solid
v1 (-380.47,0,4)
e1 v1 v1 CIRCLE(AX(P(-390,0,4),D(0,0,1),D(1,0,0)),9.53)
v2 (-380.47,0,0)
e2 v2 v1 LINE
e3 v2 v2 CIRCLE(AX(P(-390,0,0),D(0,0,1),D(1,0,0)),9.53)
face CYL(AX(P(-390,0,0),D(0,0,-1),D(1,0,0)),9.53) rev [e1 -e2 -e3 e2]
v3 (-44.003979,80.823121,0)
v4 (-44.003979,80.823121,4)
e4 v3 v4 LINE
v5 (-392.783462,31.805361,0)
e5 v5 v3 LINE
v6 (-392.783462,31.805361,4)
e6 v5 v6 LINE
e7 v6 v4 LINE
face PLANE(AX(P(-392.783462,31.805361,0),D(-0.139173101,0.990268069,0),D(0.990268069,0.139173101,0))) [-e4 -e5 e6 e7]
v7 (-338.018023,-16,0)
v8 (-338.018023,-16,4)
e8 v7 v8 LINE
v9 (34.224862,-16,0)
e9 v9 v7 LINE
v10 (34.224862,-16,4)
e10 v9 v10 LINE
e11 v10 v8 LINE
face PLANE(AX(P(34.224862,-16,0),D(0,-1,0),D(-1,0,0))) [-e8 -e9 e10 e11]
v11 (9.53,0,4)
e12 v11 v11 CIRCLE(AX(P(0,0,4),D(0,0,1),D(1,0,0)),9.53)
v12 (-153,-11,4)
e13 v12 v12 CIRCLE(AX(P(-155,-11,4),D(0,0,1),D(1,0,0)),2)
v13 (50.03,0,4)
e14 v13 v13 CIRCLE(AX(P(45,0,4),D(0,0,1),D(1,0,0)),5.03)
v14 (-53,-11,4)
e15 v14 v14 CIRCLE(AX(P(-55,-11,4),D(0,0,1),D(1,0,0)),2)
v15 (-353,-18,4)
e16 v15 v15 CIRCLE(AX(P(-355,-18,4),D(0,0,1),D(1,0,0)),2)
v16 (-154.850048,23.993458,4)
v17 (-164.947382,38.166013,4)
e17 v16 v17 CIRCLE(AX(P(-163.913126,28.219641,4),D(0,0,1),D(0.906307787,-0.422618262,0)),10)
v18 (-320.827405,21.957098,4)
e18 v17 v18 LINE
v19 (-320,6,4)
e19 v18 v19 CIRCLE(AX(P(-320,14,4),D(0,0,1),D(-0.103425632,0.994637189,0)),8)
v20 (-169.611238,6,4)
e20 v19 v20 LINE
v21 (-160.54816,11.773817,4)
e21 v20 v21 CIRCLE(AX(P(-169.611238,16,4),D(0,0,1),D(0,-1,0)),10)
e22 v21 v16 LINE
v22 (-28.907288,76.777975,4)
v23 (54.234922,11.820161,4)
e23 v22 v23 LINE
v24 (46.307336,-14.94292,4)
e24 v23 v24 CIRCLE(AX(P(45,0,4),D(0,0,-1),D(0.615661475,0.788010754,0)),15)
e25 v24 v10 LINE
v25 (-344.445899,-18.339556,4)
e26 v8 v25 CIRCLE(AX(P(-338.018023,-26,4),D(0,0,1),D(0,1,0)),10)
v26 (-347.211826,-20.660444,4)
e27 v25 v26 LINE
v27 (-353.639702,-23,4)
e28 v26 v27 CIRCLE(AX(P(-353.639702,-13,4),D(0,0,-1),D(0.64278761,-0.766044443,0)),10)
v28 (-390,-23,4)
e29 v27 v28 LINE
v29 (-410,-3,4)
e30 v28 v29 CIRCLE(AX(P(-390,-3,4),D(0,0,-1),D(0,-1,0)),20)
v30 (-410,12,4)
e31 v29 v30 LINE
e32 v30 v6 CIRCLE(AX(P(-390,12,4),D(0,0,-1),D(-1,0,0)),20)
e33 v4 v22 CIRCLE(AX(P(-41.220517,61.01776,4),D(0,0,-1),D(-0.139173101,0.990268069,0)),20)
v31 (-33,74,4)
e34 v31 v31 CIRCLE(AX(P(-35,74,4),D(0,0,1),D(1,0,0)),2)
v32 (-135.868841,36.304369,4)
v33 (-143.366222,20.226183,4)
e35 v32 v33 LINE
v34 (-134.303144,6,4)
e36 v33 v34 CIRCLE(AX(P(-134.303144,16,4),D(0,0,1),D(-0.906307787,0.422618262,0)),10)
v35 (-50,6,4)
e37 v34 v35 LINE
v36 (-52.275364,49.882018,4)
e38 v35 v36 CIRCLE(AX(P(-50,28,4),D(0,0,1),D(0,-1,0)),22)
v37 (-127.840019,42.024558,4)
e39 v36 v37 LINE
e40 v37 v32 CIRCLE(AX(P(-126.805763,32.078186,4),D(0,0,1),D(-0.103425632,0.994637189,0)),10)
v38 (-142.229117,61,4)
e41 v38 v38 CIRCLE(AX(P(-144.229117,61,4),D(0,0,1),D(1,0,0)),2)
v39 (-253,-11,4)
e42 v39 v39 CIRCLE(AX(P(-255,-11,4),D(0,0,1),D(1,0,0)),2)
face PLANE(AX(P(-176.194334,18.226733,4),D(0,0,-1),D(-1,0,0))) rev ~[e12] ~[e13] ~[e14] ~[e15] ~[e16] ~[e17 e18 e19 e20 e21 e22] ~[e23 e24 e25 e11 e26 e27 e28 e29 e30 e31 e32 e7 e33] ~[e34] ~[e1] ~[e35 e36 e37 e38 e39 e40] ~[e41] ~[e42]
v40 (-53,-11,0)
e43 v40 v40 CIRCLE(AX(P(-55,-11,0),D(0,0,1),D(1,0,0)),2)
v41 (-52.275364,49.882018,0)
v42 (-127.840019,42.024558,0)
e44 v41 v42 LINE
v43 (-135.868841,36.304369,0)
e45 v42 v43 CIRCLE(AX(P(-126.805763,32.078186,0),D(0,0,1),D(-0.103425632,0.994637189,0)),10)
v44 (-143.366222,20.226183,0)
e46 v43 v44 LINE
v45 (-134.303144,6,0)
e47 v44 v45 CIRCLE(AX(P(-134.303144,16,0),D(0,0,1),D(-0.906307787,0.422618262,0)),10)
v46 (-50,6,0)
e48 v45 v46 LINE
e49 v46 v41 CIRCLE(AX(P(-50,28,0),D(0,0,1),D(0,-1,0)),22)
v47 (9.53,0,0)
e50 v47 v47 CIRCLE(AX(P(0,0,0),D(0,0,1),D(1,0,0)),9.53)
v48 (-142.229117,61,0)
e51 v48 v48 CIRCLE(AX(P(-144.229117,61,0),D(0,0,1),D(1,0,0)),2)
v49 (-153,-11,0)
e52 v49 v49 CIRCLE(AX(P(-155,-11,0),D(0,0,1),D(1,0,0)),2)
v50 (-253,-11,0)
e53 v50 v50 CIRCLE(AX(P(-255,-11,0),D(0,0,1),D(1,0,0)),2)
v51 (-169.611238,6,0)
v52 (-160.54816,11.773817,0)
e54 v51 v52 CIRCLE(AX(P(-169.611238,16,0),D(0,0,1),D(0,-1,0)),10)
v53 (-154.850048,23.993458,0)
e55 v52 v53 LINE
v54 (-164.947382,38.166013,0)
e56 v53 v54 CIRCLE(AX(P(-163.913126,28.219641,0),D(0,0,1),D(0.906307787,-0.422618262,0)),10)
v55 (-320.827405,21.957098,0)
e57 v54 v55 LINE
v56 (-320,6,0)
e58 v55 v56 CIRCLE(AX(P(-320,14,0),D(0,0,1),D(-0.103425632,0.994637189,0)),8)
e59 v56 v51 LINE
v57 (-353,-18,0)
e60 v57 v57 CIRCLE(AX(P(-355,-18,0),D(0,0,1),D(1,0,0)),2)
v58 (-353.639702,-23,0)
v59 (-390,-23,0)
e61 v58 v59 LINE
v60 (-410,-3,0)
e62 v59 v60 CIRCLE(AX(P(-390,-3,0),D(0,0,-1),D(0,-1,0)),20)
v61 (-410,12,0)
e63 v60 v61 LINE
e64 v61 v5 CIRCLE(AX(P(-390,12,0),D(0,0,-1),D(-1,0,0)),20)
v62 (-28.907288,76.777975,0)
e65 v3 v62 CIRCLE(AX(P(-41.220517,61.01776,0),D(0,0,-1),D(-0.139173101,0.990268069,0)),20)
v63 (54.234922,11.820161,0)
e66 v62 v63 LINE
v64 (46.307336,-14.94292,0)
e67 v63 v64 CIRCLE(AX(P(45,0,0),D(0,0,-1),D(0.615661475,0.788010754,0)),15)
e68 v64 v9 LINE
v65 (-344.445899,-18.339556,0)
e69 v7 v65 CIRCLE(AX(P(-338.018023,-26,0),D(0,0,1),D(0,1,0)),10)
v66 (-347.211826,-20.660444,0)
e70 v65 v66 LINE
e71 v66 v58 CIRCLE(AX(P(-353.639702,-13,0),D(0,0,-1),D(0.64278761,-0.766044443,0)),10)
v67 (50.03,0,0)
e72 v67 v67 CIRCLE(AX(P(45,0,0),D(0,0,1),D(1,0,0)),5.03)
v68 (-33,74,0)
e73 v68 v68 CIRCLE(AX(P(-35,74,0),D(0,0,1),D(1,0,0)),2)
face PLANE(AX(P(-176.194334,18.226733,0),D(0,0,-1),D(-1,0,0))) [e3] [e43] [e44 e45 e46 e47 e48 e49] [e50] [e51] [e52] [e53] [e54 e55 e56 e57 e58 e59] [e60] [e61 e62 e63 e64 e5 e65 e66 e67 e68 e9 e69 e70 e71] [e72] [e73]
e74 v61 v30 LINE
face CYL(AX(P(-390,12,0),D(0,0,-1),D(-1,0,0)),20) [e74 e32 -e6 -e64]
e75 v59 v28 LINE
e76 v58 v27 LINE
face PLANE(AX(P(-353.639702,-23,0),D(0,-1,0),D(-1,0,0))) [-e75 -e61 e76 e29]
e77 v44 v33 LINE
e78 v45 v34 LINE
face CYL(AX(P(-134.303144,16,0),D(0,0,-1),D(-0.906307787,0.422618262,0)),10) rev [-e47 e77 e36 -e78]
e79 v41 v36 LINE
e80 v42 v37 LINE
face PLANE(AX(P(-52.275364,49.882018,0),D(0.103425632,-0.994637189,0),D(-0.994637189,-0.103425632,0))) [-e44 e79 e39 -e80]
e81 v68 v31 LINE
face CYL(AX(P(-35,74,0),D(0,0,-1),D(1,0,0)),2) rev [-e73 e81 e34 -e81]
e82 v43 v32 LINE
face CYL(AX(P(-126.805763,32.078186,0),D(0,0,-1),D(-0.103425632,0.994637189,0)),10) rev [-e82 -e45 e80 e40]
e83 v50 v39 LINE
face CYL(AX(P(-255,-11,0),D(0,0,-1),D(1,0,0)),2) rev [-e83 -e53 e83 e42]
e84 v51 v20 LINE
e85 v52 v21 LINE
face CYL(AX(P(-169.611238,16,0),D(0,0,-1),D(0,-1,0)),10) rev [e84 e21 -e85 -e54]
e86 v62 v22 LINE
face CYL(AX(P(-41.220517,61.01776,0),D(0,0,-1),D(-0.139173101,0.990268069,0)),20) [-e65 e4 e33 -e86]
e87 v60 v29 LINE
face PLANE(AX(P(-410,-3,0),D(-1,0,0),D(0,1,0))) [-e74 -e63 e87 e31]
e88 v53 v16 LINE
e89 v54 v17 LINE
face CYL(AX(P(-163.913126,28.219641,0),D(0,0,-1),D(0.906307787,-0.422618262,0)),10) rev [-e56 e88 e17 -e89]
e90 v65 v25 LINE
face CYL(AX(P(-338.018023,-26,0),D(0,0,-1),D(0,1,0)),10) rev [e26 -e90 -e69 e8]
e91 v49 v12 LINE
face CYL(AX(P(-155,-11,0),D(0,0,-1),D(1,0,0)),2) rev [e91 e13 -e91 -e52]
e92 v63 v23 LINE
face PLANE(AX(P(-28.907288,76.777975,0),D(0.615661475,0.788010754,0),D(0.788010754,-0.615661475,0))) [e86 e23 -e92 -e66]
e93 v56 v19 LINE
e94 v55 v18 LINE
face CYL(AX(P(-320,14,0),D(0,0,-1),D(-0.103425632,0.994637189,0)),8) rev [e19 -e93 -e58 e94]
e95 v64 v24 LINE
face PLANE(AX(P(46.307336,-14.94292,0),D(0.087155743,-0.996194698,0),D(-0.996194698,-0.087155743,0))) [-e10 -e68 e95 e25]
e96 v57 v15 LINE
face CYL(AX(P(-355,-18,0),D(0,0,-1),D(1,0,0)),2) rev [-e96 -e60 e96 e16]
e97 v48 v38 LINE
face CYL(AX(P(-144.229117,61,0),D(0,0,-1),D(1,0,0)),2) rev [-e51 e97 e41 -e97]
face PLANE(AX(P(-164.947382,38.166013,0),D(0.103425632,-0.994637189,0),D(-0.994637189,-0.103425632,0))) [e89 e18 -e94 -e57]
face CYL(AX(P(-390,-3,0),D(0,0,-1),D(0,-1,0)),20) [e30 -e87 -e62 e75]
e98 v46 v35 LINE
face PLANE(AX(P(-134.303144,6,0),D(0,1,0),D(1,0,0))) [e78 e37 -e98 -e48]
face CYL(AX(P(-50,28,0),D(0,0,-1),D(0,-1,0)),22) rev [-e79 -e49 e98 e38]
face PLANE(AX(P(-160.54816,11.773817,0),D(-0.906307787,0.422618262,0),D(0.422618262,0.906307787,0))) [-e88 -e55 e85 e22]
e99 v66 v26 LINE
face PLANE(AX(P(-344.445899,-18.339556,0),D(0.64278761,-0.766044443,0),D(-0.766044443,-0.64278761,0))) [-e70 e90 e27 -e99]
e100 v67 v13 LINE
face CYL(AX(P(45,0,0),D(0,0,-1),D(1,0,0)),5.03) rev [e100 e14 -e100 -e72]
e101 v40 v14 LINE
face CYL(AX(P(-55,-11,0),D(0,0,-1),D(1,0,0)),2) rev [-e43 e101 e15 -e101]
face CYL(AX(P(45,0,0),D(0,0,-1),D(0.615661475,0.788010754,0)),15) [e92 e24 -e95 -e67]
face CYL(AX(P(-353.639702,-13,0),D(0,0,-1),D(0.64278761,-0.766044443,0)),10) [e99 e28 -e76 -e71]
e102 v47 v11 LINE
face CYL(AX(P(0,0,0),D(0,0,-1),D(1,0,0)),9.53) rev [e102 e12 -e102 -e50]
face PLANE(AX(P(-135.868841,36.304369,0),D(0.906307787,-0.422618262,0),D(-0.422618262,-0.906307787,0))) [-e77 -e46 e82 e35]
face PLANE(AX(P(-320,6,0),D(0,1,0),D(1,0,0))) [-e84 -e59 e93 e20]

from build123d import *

# Parameters (mm, degrees)
SKETCH_1_R      = 5.03
SKETCH_1_R_2    = 2
SKETCH_1_R_3    = 9.53
EXTRUDE_1_DEPTH = 4


with BuildPart() as part:
    # 草图1 → 凸台-拉伸1 (new body)
    with BuildSketch(Plane.XY):
        with BuildLine():
            Line((-392.783462019, 31.805361375), (-44.003979129, 80.823121027))
            ThreePointArc((-44.003979129, 80.823121027), (-36.044136208, 80.336276178), (-28.907287603, 76.777974725))
            Line((-28.907287603, 76.777974725), (54.23492213, 11.820161304))
            ThreePointArc((54.23492213, 11.820161304), (59.382296023, -4.260230171), (46.307336141, -14.942920471))
            Line((46.307336141, -14.942920471), (34.224861841, -16))
            Line((34.224861841, -16), (-338.018022509, -16))
            ThreePointArc((-338.018022509, -16), (-341.438223942, -16.603073792), (-344.445898606, -18.339555569))
            Line((-344.445898606, -18.339555569), (-347.211826246, -20.660444431))
            ThreePointArc((-347.211826246, -20.660444431), (-350.219500909, -22.396926208), (-353.639702343, -23))
            Line((-353.639702343, -23), (-390, -23))
            ThreePointArc((-390, -23), (-404.142135624, -17.142135624), (-410, -3))
            Line((-410, -3), (-410, 12))
            ThreePointArc((-410, 12), (-405.094191604, 25.12118058), (-392.783462019, 31.805361375))
        make_face()
        with Locations((45, 0)):
            Circle(SKETCH_1_R, mode=Mode.SUBTRACT)
        with Locations((-55, -11)):
            Circle(SKETCH_1_R_2, mode=Mode.SUBTRACT)
        with Locations((-144.229116997, 61)):
            Circle(SKETCH_1_R_2, mode=Mode.SUBTRACT)
        Circle(SKETCH_1_R_3, mode=Mode.SUBTRACT)
        with Locations((-255, -11)):
            Circle(SKETCH_1_R_2, mode=Mode.SUBTRACT)
        with Locations((-390, 0)):
            Circle(SKETCH_1_R_3, mode=Mode.SUBTRACT)
        with Locations((-35, 74)):
            Circle(SKETCH_1_R_2, mode=Mode.SUBTRACT)
        with Locations((-355, -18)):
            Circle(SKETCH_1_R_2, mode=Mode.SUBTRACT)
        with Locations((-155, -11)):
            Circle(SKETCH_1_R_2, mode=Mode.SUBTRACT)
        with BuildLine():
            Line((-134.303144229, 6), (-50, 6))
            ThreePointArc((-50, 6), (-28.029515257, 29.13921032), (-52.275363905, 49.882018168))
            Line((-52.275363905, 49.882018168), (-127.840019308, 42.024557851))
            ThreePointArc((-127.840019308, 42.024557851), (-132.608278027, 40.222559427), (-135.868840858, 36.304368574))
            Line((-135.868840858, 36.304368574), (-143.366222099, 20.226182617))
            ThreePointArc((-143.366222099, 20.226182617), (-142.737058687, 10.627003917), (-134.303144229, 6))
        make_face(mode=Mode.SUBTRACT)
        with BuildLine():
            Line((-320, 6), (-169.611237636, 6))
            ThreePointArc((-169.611237636, 6), (-164.238241552, 7.566085542), (-160.548159765, 11.773817383))
            Line((-160.548159765, 11.773817383), (-154.850047639, 23.993458271))
            ThreePointArc((-154.850047639, 23.993458271), (-155.76875204, 34.022155928), (-164.94738183, 38.166012783))
            Line((-164.94738183, 38.166012783), (-320.827405056, 21.957097516))
            ThreePointArc((-320.827405056, 21.957097516), (-327.989267179, 13.585741702), (-320, 6))
        make_face(mode=Mode.SUBTRACT)
    extrude(amount=EXTRUDE_1_DEPTH)


solid = part.part
